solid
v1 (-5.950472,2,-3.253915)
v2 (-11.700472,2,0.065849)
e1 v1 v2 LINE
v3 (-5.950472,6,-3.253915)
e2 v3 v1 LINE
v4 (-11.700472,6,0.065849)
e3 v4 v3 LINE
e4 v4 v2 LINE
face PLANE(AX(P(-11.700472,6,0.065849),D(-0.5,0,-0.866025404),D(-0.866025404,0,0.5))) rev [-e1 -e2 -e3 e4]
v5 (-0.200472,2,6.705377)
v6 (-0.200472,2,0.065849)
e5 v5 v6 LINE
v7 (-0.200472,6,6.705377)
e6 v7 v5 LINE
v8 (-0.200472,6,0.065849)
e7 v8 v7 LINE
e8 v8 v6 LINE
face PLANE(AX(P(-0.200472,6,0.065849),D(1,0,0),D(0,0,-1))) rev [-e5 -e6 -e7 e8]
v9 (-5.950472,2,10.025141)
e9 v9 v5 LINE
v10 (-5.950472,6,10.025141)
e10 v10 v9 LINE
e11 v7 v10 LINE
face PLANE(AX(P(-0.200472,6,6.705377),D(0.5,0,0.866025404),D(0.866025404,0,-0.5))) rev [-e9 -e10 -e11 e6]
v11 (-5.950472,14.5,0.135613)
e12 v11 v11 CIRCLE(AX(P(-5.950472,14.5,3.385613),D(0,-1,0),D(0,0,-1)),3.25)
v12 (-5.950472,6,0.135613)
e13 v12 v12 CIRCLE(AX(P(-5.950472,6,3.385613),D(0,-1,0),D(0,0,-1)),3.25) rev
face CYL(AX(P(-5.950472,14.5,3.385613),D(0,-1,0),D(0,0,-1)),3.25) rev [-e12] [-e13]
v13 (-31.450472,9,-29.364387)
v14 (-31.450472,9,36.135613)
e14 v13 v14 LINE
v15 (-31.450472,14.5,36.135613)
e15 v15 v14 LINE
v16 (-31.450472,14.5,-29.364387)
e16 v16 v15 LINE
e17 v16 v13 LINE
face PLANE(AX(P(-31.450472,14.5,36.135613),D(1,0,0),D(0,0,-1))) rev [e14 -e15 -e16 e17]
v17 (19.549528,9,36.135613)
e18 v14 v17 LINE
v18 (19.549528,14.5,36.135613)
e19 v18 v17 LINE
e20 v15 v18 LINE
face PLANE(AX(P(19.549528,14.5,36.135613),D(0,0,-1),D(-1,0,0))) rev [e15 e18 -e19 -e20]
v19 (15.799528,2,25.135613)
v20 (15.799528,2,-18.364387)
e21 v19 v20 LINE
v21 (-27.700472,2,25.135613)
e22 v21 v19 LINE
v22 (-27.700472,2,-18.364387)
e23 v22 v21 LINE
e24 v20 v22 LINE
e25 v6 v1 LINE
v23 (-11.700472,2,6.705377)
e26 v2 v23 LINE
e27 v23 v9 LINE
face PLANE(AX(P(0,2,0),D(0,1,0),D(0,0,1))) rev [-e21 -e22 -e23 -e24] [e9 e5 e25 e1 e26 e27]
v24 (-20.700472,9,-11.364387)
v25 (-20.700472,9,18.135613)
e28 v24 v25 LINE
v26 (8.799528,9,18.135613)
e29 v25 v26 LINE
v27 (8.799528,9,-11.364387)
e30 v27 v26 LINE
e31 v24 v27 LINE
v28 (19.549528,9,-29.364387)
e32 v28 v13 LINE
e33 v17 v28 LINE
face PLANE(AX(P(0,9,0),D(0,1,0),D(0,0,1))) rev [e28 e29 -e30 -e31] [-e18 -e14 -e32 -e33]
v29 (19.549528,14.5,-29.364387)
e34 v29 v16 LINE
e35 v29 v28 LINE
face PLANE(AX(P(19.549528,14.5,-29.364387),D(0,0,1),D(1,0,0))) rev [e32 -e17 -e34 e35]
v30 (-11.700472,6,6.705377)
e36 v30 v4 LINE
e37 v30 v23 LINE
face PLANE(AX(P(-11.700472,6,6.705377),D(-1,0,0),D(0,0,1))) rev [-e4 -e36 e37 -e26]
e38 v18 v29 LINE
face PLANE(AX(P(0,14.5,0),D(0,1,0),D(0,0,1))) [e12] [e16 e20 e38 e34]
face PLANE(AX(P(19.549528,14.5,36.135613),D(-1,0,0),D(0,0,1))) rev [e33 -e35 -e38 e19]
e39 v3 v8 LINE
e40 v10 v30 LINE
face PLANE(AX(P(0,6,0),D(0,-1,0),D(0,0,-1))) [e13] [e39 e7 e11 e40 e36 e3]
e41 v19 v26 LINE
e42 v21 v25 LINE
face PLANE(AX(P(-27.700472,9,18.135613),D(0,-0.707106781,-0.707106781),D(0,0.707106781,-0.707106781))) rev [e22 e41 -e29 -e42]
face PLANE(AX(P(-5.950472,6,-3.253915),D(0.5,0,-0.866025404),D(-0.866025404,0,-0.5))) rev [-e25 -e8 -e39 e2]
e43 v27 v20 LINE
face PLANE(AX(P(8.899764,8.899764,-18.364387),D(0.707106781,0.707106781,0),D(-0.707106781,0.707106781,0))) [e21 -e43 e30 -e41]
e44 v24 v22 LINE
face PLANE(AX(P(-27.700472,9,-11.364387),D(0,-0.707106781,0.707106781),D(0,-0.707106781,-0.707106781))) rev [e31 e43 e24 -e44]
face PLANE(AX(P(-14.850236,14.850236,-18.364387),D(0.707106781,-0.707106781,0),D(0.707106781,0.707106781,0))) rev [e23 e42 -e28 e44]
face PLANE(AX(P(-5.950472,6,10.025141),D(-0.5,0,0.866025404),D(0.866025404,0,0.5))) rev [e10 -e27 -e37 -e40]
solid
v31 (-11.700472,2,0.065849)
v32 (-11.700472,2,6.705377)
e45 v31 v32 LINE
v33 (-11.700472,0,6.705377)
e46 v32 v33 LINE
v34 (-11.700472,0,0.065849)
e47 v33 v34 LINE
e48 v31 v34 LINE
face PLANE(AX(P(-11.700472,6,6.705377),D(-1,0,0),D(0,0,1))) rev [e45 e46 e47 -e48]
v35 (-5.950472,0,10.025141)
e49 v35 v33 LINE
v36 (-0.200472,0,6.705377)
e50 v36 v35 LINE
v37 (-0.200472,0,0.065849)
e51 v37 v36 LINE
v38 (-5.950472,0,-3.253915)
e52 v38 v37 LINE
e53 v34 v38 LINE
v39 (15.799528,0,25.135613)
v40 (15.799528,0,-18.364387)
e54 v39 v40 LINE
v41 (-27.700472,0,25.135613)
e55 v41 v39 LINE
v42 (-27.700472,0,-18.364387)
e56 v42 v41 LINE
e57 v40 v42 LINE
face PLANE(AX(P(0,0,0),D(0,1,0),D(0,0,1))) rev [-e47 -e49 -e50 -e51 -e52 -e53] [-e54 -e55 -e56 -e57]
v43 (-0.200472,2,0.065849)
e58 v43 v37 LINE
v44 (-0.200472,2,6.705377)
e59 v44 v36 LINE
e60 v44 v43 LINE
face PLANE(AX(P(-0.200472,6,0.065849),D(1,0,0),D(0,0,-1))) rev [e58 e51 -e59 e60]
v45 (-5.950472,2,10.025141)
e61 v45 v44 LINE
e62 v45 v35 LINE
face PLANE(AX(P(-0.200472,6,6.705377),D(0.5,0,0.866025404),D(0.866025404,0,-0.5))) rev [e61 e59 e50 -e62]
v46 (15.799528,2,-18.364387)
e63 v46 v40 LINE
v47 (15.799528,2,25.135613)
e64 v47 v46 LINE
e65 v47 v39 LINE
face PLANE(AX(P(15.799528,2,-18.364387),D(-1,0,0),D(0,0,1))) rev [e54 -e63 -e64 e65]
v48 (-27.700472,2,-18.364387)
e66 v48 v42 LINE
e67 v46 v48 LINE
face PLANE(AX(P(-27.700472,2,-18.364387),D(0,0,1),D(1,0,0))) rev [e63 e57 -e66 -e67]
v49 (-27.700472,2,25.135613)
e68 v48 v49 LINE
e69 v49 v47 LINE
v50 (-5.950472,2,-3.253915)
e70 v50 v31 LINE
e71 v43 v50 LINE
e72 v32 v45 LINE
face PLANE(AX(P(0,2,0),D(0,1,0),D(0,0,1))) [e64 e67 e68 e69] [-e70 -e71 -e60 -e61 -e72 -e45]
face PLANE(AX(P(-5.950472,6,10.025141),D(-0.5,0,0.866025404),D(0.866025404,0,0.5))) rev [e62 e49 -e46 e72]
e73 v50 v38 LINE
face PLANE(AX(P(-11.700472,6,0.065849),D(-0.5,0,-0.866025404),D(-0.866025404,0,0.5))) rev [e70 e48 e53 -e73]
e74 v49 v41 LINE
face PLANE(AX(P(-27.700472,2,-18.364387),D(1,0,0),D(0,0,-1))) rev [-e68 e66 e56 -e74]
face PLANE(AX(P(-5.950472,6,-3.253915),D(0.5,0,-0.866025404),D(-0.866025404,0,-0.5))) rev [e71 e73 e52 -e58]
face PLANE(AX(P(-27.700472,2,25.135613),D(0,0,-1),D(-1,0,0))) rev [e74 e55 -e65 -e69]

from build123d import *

# Parameters (mm, degrees)
SKETCH1_W           = 43.5
SKETCH1_H           = 43.5
BOSS_EXTRUDE1_DEPTH = 2
SKETCH2_W           = 43.5
SKETCH2_H           = 43.5
BOSS_EXTRUDE3_DEPTH = 7
CUT_EXTRUDE1_DEPTH  = 44.5
CUT_EXTRUDE2_DEPTH  = 44.5
SKETCH7_W           = 51
SKETCH7_H           = 65.5
BOSS_EXTRUDE4_DEPTH = 5.5
SKETCH8_R           = 3.25
CUT_EXTRUDE3_DEPTH  = 15.5
CUT_EXTRUDE4_DEPTH  = 6


with BuildPart() as part:
    # Sketch1 → Boss-Extrude1 (new body)
    with BuildSketch(Plane(origin=(0, 0, 0), x_dir=(1, 0, 0), z_dir=(0, 1, 0))):
        with Locations((-5.950471698, -3.385613208)):
            Rectangle(SKETCH1_W, SKETCH1_H)
    extrude(amount=BOSS_EXTRUDE1_DEPTH)


with BuildPart() as body_2:
    # Sketch2 → Boss-Extrude3 (new body)
    with BuildSketch(Plane(origin=(0, 2, 0), x_dir=(1, 0, 0), z_dir=(0, 1, 0))):
        with Locations((-5.950471698, -3.385613208)):
            Rectangle(SKETCH2_W, SKETCH2_H)
    extrude(amount=BOSS_EXTRUDE3_DEPTH)

    # Sketch5 → Cut-Extrude1 (cut, through all)
    with BuildSketch(Plane.XY.offset(25.135613208)):
        Polygon((15.799528302, 9), (8.799528302, 9), (15.799528302, 2), align=None)
        Polygon((-27.700471698, 9), (-27.700471698, 2), (-20.700471698, 9), align=None)
    extrude(amount=-CUT_EXTRUDE1_DEPTH, mode=Mode.SUBTRACT)

    # Sketch6 → Cut-Extrude2 (cut, through all)
    with BuildSketch(Plane(origin=(15.799528302, 0, 0), x_dir=(0, 0, -1), z_dir=(1, 0, 0))):
        Polygon((-25.135613208, 2), (-25.135613208, 9), (-18.135613208, 9), align=None)
        Polygon((18.364386792, 2), (18.364386792, 9), (11.364386792, 9), align=None)
    extrude(amount=-CUT_EXTRUDE2_DEPTH, mode=Mode.SUBTRACT)

    # Sketch7 → Boss-Extrude4 (add)
    with BuildSketch(Plane(origin=(0, 9, 0), x_dir=(1, 0, 0), z_dir=(0, 1, 0))):
        with Locations((-5.950471698, -3.385613208)):
            Rectangle(SKETCH7_W, SKETCH7_H)
    extrude(amount=BOSS_EXTRUDE4_DEPTH)


with BuildPart() as cut_extrude3_tool:
    # Sketch8 → Cut-Extrude3 (new body, through all)
    with BuildSketch(Plane.XZ):
        with Locations((-5.950471698, 3.385613208)):
            Circle(SKETCH8_R)
    extrude(amount=-CUT_EXTRUDE3_DEPTH)


with BuildPart() as part_1:
    add(part.part)

    # Cut-Extrude3: cut by cut_extrude3_tool
    add(cut_extrude3_tool.part, mode=Mode.SUBTRACT)


with BuildPart() as body_2_1:
    add(body_2.part)

    # Cut-Extrude3: cut by cut_extrude3_tool
    add(cut_extrude3_tool.part, mode=Mode.SUBTRACT)


with BuildPart() as cut_extrude4_tool:
    # Sketch9 → Cut-Extrude4 (new body)
    with BuildSketch(Plane.XZ):
        Polygon((-5.950471698, -3.253914888), (-0.200471698, 0.06584916), (-0.200471698, 6.705377255), (-5.950471698, 10.025141303), (-11.700471698, 6.705377255), (-11.700471698, 0.06584916), align=None)
    extrude(amount=-CUT_EXTRUDE4_DEPTH)


with BuildPart() as part_2:
    add(part_1.part)

    # Cut-Extrude4: cut by cut_extrude4_tool
    add(cut_extrude4_tool.part, mode=Mode.SUBTRACT)


with BuildPart() as body_2_2:
    add(body_2_1.part)

    # Cut-Extrude4: cut by cut_extrude4_tool
    add(cut_extrude4_tool.part, mode=Mode.SUBTRACT)


solid = Compound([part_2.part, body_2_2.part])
